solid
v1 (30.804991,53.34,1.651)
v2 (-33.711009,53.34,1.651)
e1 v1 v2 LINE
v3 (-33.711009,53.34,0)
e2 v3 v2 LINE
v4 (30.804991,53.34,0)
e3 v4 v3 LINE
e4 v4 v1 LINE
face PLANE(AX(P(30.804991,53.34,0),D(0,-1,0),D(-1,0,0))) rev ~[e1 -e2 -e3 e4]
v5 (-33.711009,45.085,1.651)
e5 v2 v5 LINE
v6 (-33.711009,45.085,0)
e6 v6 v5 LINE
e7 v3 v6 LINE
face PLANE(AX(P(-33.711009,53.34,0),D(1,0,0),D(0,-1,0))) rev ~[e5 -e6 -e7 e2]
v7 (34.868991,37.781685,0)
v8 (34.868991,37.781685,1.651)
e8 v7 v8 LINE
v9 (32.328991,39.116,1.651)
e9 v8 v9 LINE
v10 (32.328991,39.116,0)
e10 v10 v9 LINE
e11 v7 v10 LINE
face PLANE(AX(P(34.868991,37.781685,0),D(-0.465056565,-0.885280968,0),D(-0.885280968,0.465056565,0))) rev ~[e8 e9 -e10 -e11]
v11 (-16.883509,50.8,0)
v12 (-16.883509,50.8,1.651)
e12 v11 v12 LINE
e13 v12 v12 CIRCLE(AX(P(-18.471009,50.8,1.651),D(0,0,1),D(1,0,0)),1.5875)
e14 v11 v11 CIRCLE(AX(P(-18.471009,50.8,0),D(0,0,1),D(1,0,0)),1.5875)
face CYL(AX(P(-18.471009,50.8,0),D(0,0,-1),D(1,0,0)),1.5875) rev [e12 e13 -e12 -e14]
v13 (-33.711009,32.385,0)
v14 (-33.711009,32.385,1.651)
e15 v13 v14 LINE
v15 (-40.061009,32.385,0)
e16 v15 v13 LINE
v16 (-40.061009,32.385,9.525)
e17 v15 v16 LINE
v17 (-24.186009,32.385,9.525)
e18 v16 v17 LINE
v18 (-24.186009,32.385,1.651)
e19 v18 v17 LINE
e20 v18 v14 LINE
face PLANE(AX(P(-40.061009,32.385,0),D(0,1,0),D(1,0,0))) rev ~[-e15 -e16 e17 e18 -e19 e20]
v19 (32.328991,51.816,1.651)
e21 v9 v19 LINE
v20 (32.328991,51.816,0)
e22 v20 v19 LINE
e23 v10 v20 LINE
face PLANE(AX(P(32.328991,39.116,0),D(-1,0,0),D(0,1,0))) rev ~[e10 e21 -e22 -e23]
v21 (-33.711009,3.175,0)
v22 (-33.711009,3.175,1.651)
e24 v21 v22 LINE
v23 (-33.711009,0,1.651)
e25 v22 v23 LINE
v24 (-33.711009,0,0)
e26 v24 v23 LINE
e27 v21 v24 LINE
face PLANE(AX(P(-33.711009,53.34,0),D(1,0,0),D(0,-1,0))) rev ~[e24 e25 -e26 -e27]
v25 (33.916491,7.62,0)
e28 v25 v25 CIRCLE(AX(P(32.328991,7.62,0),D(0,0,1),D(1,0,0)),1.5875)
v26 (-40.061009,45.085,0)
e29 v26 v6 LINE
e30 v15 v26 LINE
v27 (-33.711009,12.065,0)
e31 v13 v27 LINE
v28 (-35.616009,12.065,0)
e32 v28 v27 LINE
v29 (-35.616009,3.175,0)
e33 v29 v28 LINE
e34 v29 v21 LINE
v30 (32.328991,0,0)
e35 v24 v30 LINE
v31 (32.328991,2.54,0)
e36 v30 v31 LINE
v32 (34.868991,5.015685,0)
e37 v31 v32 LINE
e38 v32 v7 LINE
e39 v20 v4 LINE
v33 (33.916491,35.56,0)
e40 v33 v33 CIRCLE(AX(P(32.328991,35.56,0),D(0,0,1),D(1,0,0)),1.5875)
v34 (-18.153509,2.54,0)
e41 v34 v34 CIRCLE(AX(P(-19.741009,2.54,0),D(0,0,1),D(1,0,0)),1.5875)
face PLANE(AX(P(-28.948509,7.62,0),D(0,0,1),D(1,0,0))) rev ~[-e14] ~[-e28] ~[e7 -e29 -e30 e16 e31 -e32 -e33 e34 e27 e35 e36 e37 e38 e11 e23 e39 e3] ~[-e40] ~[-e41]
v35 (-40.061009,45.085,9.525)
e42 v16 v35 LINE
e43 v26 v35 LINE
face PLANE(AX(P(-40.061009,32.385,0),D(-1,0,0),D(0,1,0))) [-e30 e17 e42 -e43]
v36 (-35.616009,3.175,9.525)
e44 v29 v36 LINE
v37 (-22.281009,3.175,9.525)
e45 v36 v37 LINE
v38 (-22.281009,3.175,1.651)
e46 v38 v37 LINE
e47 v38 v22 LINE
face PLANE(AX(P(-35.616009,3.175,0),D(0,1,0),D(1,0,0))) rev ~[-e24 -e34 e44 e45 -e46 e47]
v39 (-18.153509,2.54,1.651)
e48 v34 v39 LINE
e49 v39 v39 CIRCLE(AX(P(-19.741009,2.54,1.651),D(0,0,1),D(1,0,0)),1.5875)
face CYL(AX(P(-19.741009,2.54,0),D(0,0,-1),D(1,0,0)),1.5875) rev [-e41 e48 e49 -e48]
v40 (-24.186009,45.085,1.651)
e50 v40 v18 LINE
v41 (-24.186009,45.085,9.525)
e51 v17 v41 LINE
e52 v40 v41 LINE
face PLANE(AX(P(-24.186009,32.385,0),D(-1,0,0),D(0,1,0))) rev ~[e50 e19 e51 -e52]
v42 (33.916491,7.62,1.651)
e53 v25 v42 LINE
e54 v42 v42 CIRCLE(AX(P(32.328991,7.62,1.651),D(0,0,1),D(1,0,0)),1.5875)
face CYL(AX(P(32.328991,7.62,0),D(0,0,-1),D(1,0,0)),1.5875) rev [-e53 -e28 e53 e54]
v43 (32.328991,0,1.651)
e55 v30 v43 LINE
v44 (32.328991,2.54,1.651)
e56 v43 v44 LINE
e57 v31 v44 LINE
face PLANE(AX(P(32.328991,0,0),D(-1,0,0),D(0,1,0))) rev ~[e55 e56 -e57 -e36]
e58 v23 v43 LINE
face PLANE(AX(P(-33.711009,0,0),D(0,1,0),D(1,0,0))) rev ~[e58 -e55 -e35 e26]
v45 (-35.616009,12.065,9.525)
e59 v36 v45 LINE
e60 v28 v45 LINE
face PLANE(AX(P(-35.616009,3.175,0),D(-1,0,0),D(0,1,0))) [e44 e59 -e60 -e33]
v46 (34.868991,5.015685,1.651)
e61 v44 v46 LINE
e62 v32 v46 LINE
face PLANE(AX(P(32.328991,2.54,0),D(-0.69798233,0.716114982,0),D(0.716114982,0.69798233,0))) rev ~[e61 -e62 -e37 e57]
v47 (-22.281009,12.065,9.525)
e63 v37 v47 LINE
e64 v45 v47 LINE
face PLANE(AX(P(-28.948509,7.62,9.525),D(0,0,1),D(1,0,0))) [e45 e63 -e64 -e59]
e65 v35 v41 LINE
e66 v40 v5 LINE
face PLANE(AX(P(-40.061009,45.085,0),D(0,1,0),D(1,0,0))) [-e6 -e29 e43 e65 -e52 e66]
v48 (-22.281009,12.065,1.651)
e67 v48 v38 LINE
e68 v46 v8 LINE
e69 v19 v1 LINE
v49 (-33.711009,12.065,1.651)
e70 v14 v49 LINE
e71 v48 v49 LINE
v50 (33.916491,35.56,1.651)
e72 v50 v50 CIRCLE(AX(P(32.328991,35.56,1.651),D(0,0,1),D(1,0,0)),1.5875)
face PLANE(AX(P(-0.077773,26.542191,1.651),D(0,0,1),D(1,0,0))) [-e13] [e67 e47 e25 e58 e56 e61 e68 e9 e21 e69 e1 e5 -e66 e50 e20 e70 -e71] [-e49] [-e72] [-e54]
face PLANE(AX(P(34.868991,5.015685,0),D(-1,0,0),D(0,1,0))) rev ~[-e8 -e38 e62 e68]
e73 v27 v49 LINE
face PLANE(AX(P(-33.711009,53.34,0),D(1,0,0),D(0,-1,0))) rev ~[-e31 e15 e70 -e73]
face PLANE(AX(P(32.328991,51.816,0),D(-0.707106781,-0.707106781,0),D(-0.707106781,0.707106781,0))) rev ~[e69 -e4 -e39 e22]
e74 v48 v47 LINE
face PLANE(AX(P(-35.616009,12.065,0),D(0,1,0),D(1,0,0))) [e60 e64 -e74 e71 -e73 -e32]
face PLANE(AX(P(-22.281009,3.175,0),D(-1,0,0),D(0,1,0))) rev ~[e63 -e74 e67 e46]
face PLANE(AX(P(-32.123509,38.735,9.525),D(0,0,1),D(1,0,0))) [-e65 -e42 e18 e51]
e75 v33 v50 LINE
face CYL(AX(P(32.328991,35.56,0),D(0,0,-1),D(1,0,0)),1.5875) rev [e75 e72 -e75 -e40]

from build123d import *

# Parameters (mm, degrees)
F0_R     = 1.5875
F2_DEPTH = 1.651
F1_W     = 13.335
F1_H     = 8.89
F1_W_2   = 15.875
F1_H_2   = 12.7
F3_DEPTH = 9.525


with BuildPart() as f2:
    # F0 (on Top) → F2 (new body)
    with BuildSketch(Plane.XY):
        Polygon((-33.711009, 53.34), (-33.711009, 0), (32.328991, 0), (32.328991, 2.54), (34.868991, 5.015685), (34.868991, 37.781685), (32.328991, 39.116), (32.328991, 51.816), (30.804991, 53.34), align=None)
        with Locations((-19.741009, 2.54)):
            Circle(F0_R, mode=Mode.SUBTRACT)
        with Locations((32.328991, 7.62)):
            Circle(F0_R, mode=Mode.SUBTRACT)
        with Locations((-18.471009, 50.8)):
            Circle(F0_R, mode=Mode.SUBTRACT)
        with Locations((32.328991, 35.56)):
            Circle(F0_R, mode=Mode.SUBTRACT)
    extrude(amount=F2_DEPTH)

    # F1 (on Top) → F3 (join)
    with BuildSketch(Plane.XY):
        with Locations((-28.948509, 7.62)):
            Rectangle(F1_W, F1_H)
        with Locations((-32.123509, 38.735)):
            Rectangle(F1_W_2, F1_H_2)
    extrude(amount=F3_DEPTH)


solid = f2.part
